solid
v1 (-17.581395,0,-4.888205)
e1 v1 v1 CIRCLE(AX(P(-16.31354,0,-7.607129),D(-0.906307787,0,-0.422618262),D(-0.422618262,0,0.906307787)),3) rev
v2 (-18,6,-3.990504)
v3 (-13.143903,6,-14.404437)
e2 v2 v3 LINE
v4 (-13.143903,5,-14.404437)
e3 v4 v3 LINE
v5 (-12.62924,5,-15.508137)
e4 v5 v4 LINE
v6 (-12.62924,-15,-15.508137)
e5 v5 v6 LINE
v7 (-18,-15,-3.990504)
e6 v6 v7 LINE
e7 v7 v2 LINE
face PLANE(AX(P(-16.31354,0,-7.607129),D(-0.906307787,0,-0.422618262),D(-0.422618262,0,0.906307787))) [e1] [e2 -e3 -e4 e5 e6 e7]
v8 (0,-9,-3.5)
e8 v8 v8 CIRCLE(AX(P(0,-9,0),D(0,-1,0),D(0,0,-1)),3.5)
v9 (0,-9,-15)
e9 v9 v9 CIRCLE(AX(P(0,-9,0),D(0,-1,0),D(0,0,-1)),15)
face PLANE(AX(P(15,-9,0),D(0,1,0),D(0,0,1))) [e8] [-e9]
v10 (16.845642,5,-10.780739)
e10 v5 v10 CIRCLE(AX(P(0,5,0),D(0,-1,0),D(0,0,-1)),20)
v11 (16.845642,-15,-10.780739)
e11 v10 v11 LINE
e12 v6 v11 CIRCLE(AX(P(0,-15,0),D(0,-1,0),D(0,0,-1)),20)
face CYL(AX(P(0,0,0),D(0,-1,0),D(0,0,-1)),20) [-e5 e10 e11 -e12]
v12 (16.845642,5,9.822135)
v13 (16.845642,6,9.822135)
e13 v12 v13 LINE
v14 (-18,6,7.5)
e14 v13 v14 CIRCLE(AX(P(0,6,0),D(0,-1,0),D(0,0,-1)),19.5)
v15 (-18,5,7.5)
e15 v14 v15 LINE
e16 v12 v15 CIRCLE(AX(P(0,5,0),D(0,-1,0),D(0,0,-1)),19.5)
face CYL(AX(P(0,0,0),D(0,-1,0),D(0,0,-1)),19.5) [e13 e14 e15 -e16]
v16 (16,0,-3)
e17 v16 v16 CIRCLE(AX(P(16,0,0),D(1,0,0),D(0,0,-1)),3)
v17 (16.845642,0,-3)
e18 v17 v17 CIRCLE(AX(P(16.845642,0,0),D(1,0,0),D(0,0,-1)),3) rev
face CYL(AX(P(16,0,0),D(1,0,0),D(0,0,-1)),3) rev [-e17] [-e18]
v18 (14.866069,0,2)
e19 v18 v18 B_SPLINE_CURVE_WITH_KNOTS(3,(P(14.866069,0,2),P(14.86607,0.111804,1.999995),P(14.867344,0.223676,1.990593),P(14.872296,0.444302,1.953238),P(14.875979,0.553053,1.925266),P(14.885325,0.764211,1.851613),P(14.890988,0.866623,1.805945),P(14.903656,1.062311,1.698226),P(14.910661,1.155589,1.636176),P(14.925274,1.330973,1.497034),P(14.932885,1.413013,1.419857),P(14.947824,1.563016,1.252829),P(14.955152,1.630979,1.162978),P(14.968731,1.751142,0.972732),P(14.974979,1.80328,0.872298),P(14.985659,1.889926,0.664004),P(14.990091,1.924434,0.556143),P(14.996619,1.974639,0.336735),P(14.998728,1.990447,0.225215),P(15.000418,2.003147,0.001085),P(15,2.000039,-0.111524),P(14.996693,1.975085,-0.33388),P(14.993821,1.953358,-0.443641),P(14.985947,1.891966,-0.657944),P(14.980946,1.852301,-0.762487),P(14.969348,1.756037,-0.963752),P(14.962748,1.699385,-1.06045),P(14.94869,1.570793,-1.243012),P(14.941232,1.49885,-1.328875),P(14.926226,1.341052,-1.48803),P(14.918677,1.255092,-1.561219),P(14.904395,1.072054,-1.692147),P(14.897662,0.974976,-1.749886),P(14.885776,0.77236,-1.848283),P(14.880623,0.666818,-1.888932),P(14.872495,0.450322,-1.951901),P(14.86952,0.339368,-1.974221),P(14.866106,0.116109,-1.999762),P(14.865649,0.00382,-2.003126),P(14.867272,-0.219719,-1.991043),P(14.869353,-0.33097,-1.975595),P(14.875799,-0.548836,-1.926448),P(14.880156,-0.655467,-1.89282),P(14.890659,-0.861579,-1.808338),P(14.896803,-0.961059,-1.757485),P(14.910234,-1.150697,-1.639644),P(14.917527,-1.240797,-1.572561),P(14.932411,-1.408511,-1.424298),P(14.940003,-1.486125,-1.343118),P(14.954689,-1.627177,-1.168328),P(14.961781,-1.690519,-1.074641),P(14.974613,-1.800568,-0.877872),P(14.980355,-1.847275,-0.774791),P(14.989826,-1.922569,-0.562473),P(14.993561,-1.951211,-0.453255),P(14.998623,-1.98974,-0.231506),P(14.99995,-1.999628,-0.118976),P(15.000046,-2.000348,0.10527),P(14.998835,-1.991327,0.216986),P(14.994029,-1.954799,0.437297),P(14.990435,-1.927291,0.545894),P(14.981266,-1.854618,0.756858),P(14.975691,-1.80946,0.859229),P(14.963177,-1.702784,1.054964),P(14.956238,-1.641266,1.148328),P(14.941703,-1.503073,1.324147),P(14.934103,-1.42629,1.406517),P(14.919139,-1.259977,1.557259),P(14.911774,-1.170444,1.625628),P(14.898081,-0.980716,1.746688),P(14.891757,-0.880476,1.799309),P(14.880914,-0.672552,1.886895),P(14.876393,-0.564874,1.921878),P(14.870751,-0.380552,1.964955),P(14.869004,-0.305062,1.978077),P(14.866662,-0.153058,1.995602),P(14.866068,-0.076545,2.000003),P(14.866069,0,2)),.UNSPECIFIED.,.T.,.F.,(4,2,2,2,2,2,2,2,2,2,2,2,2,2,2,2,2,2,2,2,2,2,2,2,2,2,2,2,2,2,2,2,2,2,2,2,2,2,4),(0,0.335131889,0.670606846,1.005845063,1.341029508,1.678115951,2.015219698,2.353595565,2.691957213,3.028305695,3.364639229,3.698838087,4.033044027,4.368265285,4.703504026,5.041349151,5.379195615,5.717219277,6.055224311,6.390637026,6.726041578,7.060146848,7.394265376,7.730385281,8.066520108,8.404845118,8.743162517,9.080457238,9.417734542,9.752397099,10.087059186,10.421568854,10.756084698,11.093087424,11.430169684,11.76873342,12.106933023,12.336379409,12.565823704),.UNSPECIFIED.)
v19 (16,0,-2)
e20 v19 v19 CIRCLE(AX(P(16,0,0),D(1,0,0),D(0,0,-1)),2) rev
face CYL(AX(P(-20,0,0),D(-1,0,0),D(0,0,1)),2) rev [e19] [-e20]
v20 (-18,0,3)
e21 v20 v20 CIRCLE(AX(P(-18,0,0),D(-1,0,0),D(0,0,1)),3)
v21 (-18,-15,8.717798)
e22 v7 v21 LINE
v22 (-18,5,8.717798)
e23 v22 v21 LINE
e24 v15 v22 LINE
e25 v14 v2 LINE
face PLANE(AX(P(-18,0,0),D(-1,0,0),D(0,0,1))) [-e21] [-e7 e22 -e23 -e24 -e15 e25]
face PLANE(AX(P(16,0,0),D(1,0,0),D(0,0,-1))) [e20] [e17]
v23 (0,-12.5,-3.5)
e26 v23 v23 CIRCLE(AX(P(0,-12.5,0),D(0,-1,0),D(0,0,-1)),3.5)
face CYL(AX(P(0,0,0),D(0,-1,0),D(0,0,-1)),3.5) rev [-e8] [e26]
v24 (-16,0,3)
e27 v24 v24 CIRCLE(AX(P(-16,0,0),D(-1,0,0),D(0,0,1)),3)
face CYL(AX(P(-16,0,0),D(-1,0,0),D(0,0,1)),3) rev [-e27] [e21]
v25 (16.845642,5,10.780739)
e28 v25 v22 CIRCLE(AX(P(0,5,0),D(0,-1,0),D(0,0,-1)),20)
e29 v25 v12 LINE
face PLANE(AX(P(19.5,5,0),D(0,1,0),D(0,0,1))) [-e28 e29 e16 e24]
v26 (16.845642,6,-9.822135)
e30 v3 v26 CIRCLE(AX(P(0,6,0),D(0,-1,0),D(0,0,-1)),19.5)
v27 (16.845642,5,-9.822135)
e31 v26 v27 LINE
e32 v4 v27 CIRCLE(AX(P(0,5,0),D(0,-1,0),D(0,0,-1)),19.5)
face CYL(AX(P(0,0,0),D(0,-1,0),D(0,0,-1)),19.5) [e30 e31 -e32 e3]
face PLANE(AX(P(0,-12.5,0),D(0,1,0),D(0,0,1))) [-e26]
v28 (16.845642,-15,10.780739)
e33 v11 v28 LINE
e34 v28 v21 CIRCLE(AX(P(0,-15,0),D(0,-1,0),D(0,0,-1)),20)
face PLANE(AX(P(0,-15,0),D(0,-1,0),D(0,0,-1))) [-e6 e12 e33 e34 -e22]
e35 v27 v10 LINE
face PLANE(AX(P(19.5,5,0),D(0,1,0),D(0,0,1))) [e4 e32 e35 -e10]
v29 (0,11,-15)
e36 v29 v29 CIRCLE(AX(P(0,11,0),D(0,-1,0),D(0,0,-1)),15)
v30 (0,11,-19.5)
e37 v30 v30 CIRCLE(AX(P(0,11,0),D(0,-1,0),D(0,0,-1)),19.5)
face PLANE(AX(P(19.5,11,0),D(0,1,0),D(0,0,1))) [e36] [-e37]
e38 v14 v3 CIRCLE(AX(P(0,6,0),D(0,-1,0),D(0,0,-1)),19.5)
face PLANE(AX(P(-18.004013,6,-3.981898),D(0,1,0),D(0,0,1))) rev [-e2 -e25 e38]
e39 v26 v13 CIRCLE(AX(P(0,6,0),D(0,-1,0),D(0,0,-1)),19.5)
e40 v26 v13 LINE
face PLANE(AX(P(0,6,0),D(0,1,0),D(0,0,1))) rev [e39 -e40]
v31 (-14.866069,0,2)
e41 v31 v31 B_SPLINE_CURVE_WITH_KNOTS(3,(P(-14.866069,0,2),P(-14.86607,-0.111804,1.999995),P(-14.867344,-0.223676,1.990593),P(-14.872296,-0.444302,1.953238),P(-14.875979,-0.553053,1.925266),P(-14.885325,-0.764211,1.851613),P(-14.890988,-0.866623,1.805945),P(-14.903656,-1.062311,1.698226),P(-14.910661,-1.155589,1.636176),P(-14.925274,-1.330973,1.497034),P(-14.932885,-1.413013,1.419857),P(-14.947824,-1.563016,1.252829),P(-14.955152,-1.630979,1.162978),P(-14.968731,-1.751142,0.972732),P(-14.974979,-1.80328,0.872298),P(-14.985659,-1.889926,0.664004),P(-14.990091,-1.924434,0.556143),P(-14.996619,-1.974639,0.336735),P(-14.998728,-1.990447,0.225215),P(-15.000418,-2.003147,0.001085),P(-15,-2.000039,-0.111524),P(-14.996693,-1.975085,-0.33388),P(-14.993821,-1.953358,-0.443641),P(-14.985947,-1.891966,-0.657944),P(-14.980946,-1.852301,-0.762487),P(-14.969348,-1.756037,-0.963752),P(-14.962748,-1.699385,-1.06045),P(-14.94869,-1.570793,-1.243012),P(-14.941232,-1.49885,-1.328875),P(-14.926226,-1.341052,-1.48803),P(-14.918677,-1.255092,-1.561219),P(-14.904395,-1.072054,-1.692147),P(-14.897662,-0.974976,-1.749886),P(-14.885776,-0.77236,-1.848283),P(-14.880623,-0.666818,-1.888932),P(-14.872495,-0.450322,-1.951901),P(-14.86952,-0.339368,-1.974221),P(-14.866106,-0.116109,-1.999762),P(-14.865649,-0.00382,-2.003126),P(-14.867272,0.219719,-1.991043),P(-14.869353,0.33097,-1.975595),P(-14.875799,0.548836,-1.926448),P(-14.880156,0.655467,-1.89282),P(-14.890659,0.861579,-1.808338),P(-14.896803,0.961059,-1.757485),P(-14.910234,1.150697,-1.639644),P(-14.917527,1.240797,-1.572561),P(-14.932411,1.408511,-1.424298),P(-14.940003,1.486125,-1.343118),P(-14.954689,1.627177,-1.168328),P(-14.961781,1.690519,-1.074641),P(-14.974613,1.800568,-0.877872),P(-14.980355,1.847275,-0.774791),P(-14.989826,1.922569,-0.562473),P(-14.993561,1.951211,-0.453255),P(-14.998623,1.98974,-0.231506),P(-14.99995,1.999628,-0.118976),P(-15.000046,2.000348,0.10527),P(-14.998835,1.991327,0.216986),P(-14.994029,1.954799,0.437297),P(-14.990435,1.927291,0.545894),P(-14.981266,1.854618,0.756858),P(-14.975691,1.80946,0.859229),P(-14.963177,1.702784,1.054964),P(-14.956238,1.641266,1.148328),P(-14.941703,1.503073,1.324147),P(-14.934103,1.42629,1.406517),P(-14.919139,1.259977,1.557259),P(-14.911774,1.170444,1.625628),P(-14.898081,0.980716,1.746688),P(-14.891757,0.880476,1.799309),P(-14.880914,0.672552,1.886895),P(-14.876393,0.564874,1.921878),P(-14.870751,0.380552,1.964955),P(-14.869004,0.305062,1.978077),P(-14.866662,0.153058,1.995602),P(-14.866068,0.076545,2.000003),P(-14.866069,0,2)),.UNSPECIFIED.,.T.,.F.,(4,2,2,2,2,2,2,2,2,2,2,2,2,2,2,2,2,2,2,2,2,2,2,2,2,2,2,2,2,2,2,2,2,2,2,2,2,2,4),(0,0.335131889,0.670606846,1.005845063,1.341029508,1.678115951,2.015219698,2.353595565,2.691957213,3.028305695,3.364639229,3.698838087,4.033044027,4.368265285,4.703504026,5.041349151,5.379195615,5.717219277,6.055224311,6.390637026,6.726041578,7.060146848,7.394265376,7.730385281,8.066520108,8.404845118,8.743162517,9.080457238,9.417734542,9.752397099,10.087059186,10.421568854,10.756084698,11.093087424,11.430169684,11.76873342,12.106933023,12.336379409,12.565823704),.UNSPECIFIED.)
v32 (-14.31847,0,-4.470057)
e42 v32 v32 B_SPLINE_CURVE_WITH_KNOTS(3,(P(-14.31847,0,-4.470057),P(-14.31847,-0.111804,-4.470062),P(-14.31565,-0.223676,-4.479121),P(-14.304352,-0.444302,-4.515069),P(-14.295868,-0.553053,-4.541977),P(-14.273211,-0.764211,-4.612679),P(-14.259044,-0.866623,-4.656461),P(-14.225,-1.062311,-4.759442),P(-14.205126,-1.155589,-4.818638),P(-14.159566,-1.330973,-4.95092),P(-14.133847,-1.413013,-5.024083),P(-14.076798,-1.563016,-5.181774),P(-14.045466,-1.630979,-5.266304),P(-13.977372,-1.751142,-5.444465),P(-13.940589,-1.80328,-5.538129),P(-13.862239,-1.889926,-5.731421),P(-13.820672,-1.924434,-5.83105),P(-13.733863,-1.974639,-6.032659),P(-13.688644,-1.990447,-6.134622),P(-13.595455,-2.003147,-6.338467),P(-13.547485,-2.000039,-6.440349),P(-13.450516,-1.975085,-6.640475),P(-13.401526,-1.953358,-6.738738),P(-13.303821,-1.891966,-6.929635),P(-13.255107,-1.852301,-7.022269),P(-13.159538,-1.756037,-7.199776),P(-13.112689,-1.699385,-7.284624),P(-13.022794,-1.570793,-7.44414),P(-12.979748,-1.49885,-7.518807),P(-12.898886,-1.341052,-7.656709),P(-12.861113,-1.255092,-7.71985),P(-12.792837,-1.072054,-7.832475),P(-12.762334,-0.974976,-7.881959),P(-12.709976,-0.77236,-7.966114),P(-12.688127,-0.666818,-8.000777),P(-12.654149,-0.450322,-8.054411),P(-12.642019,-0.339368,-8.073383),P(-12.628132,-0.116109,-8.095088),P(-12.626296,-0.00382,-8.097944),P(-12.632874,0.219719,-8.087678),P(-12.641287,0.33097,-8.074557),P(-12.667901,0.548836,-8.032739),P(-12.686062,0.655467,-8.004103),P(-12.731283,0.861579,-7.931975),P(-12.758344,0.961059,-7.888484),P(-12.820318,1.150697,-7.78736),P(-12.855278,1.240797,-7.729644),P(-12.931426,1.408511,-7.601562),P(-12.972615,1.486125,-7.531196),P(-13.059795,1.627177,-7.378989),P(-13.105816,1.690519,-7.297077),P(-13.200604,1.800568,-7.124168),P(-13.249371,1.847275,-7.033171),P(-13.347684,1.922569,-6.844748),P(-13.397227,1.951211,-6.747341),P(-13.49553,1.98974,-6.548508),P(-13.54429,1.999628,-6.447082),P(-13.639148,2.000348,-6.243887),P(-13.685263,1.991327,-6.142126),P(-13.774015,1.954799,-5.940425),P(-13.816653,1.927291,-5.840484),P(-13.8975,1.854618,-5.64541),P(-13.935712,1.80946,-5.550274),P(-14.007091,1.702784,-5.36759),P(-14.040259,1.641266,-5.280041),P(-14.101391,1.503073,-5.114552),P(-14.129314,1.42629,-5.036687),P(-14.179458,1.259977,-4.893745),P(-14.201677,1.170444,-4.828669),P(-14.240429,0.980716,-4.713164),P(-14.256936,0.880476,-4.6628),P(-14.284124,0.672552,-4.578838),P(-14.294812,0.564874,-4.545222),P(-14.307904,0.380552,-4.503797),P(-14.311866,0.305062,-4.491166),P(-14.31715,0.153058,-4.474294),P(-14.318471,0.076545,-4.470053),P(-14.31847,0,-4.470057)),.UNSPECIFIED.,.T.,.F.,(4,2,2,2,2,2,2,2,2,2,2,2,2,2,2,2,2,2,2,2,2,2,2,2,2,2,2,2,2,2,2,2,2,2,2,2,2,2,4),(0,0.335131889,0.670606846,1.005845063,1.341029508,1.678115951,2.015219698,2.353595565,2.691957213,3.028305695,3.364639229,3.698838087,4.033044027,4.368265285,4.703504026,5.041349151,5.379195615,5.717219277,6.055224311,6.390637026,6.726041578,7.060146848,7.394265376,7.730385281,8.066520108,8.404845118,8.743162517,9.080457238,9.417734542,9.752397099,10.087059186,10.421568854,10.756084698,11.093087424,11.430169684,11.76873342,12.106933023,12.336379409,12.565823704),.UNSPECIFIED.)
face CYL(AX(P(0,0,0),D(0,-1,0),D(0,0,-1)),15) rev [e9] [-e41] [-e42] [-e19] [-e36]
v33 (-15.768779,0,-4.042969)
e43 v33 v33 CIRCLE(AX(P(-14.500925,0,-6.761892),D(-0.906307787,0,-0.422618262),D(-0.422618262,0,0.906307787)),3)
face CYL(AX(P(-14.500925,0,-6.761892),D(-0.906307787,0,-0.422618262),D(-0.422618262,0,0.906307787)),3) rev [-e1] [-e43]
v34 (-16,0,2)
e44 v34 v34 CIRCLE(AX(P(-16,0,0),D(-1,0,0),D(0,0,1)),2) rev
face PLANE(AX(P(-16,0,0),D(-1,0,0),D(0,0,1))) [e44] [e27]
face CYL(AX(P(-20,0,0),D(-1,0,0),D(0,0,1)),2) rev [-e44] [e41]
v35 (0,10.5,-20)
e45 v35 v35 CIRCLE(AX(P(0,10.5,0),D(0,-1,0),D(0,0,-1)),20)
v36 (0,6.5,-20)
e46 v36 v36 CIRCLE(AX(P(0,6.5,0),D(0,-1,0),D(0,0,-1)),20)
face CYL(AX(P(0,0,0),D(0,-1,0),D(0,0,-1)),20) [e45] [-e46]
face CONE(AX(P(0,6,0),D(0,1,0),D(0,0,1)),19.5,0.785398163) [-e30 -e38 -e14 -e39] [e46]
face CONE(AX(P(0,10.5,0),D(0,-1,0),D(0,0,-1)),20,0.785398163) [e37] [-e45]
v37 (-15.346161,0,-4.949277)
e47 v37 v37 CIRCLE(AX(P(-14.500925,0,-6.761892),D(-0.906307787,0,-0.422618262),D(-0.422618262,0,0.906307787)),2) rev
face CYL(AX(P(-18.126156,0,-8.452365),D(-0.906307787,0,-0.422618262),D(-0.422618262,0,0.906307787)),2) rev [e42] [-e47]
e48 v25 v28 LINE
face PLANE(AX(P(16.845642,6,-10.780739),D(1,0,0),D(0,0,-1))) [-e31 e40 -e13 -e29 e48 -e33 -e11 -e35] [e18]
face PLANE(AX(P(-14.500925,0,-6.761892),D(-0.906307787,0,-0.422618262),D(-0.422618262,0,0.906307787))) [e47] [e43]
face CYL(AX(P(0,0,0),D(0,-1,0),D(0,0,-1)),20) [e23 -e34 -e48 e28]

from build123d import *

# Parameters (mm, degrees)
FUROS_GUIA_COM_4_0MM2_D            = 4
FUROS_GUIA_COM_4_0MM1_REACH        = 51.881
FUROS_GUIA_COM_4_0MM1_BORE_R       = 2
ESBO_O7_W                          = 18
ESBO_O7_H                          = 6
CORTE_EXTRUS_O4_DEPTH              = 2
ESBO_O11_R                         = 3
REBAIXO_1_DEPTH                    = 2
ESBO_O13_R                         = 3
REBAIXO_2_DEPTH                    = 4
ESBO_O14_W                         = 21
ESBO_O14_H                         = 8
CORTE_EXTRUS_O8_DEPTH              = 2
ESBO_O15_W                         = 21
ESBO_O15_H                         = 8
ESBO_O15_R                         = 3
CORTE_EXTRUS_O13_DEPTH             = 2
CORTE_EXTRUS_O14_START             = -15
CORTE_EXTRUS_O14_DEPTH             = 21
ESBO_O18_R                         = 3
CORTE_EXTRUS_O15_DEPTH             = 4
CORTE_EXTRUS_O16_REACH             = 34.016
CORTE_EXTRUS_O16_DIRECTION_2_DEPTH = 6


with BuildPart() as part:
    # Esbo_o1 → Revolu_o1 (revolve)
    with BuildSketch(Plane.XY, mode=Mode.PRIVATE) as revolu_o1_sk:
        Polygon((0, -15), (20, -15), (20, 5), (19.5, 5), (19.5, 6), (20, 6.5), (20, 10.5), (19.5, 11), (15, 11), (15, -9), (3.5, -9), (3.5, -12.5), (0, -12.5), align=None)
    revolve(revolu_o1_sk.sketch.rotate(Axis((0, 0, 0), (0, 1, 0)), 90), axis=Axis((0, 0, 0), (0, 1, 0)))

    # Furos-guia com _4.0mm2 (through all)
    with Locations(Plane(origin=(-20, 0, 0), x_dir=(0, 0, -1), z_dir=(-1, 0, 0))):
        with Locations((0, 0)):
            Hole(FUROS_GUIA_COM_4_0MM2_D / 2)

    # Furos-guia com _4.0mm1 bore (on position points) → Furos-guia com _4.0mm1 (cut, up to next)
    with BuildSketch(Plane(origin=(-18.126155741, 0, -8.452365235), x_dir=(0.422618261741, 0, -0.906307787037), z_dir=(-0.906307787037, 0, -0.422618261741)), mode=Mode.PRIVATE) as furos_guia_com_4_0mm1_sk1:
        Circle(FUROS_GUIA_COM_4_0MM1_BORE_R)
    furos_guia_com_4_0mm1_tool1 = extrude(furos_guia_com_4_0mm1_sk1.sketch, amount=-FUROS_GUIA_COM_4_0MM1_REACH, mode=Mode.PRIVATE) & part.part
    add(furos_guia_com_4_0mm1_tool1.solids().sort_by_distance((-18.126156, 0, -8.452365))[0], mode=Mode.SUBTRACT)

    # Esbo_o7 → Corte-extrus_o4 (cut)
    with BuildSketch(Plane(origin=(20, 0, 0), x_dir=(0, -1, 0), z_dir=(1, 0, 0))):
        with Locations((6, 0)):
            Rectangle(ESBO_O7_W, ESBO_O7_H)
    extrude(amount=-CORTE_EXTRUS_O4_DEPTH, mode=Mode.SUBTRACT)

    # Esbo_o11 → Rebaixo 1 (cut)
    with BuildSketch(Plane(origin=(18, 0, 0), x_dir=(0, 0, -1), z_dir=(1, 0, 0))):
        Circle(ESBO_O11_R)
    extrude(amount=-REBAIXO_1_DEPTH, mode=Mode.SUBTRACT)

    # Esbo_o13 → Rebaixo 2 (cut)
    with BuildSketch(Plane(origin=(-18.126155741, 0, -8.452365235), x_dir=(0, -1, 0), z_dir=(-0.9063077870366467, 0, -0.4226182617407065))):
        with Locations(Location((0, 0, 0), (0, 0, 90))):
            Circle(ESBO_O13_R)
    extrude(amount=-REBAIXO_2_DEPTH, mode=Mode.SUBTRACT)

    # Esbo_o14 → Corte-extrus_o8 (cut)
    with BuildSketch(Plane(origin=(-18.126155741, 0, -8.452365235), x_dir=(0, -1, 0), z_dir=(-0.9063077870366467, 0, -0.4226182617407065))):
        with Locations((4.5, 0)):
            Rectangle(ESBO_O14_W, ESBO_O14_H)
    extrude(amount=-CORTE_EXTRUS_O8_DEPTH, mode=Mode.SUBTRACT)

    # Esbo_o15 → Corte-extrus_o13 (cut)
    with BuildSketch(Plane(origin=(-20, 0, 0), x_dir=(0, -1, 0), z_dir=(-1, 0, 0))):
        with Locations((4.5, 0)):
            Rectangle(ESBO_O15_W, ESBO_O15_H)
        with Locations(Location((0, 0, 0), (0, 0, 270))):
            Circle(ESBO_O15_R, mode=Mode.SUBTRACT)
    extrude(amount=-CORTE_EXTRUS_O13_DEPTH, mode=Mode.SUBTRACT)

    # Esbo_o17 → Corte-extrus_o14 (cut)
    with BuildSketch(Plane(origin=(0, 0, 0), x_dir=(1, 0, 0), z_dir=(0, 1, 0)).offset(CORTE_EXTRUS_O14_START)):
        with BuildLine():
            Line((-18, 3.990503928), (-18, -8.717797887))
            ThreePointArc((-18, -8.717797887), (-19.525920142, 4.328792279), (-12.629239577, 15.508136822))
            Line((-12.629239577, 15.508136822), (-18, 3.990503928))
        make_face()
    extrude(amount=CORTE_EXTRUS_O14_DEPTH, mode=Mode.SUBTRACT)

    # Esbo_o18 → Corte-extrus_o15 (cut)
    with BuildSketch(Plane(origin=(-20, 0, 0), x_dir=(0, -1, 0), z_dir=(-1, 0, 0))):
        with Locations(Location((0, 0, 0), (0, 0, 270))):
            Circle(ESBO_O18_R)
    extrude(amount=-CORTE_EXTRUS_O15_DEPTH, mode=Mode.SUBTRACT)

    # Esbo_o9 → Corte-extrus_o16 (cut, up to next)
    with BuildSketch(Plane(origin=(0, 0, 0), x_dir=(1, 0, 0), z_dir=(0, 1, 0)), mode=Mode.PRIVATE) as corte_extrus_o16_sk1:
        with BuildLine():
            Line((16.845642244, 10.780739186), (16.845642244, -10.780739186))
            ThreePointArc((16.845642244, -10.780739186), (20, 0), (16.845642244, 10.780739186))
        make_face()
    corte_extrus_o16_tool1 = extrude(corte_extrus_o16_sk1.sketch, amount=-CORTE_EXTRUS_O16_REACH, mode=Mode.PRIVATE) & part.part
    add(corte_extrus_o16_tool1.solids().sort_by_distance((18.116323, 0, 0))[0], mode=Mode.SUBTRACT)

    # Esbo_o9 → Corte-extrus_o16 direction 2 (cut)
    with BuildSketch(Plane(origin=(0, 0, 0), x_dir=(1, 0, 0), z_dir=(0, 1, 0))):
        with BuildLine():
            Line((16.845642244, 10.780739186), (16.845642244, -10.780739186))
            ThreePointArc((16.845642244, -10.780739186), (20, 0), (16.845642244, 10.780739186))
        make_face()
    extrude(amount=CORTE_EXTRUS_O16_DIRECTION_2_DEPTH, mode=Mode.SUBTRACT)


solid = part.part
